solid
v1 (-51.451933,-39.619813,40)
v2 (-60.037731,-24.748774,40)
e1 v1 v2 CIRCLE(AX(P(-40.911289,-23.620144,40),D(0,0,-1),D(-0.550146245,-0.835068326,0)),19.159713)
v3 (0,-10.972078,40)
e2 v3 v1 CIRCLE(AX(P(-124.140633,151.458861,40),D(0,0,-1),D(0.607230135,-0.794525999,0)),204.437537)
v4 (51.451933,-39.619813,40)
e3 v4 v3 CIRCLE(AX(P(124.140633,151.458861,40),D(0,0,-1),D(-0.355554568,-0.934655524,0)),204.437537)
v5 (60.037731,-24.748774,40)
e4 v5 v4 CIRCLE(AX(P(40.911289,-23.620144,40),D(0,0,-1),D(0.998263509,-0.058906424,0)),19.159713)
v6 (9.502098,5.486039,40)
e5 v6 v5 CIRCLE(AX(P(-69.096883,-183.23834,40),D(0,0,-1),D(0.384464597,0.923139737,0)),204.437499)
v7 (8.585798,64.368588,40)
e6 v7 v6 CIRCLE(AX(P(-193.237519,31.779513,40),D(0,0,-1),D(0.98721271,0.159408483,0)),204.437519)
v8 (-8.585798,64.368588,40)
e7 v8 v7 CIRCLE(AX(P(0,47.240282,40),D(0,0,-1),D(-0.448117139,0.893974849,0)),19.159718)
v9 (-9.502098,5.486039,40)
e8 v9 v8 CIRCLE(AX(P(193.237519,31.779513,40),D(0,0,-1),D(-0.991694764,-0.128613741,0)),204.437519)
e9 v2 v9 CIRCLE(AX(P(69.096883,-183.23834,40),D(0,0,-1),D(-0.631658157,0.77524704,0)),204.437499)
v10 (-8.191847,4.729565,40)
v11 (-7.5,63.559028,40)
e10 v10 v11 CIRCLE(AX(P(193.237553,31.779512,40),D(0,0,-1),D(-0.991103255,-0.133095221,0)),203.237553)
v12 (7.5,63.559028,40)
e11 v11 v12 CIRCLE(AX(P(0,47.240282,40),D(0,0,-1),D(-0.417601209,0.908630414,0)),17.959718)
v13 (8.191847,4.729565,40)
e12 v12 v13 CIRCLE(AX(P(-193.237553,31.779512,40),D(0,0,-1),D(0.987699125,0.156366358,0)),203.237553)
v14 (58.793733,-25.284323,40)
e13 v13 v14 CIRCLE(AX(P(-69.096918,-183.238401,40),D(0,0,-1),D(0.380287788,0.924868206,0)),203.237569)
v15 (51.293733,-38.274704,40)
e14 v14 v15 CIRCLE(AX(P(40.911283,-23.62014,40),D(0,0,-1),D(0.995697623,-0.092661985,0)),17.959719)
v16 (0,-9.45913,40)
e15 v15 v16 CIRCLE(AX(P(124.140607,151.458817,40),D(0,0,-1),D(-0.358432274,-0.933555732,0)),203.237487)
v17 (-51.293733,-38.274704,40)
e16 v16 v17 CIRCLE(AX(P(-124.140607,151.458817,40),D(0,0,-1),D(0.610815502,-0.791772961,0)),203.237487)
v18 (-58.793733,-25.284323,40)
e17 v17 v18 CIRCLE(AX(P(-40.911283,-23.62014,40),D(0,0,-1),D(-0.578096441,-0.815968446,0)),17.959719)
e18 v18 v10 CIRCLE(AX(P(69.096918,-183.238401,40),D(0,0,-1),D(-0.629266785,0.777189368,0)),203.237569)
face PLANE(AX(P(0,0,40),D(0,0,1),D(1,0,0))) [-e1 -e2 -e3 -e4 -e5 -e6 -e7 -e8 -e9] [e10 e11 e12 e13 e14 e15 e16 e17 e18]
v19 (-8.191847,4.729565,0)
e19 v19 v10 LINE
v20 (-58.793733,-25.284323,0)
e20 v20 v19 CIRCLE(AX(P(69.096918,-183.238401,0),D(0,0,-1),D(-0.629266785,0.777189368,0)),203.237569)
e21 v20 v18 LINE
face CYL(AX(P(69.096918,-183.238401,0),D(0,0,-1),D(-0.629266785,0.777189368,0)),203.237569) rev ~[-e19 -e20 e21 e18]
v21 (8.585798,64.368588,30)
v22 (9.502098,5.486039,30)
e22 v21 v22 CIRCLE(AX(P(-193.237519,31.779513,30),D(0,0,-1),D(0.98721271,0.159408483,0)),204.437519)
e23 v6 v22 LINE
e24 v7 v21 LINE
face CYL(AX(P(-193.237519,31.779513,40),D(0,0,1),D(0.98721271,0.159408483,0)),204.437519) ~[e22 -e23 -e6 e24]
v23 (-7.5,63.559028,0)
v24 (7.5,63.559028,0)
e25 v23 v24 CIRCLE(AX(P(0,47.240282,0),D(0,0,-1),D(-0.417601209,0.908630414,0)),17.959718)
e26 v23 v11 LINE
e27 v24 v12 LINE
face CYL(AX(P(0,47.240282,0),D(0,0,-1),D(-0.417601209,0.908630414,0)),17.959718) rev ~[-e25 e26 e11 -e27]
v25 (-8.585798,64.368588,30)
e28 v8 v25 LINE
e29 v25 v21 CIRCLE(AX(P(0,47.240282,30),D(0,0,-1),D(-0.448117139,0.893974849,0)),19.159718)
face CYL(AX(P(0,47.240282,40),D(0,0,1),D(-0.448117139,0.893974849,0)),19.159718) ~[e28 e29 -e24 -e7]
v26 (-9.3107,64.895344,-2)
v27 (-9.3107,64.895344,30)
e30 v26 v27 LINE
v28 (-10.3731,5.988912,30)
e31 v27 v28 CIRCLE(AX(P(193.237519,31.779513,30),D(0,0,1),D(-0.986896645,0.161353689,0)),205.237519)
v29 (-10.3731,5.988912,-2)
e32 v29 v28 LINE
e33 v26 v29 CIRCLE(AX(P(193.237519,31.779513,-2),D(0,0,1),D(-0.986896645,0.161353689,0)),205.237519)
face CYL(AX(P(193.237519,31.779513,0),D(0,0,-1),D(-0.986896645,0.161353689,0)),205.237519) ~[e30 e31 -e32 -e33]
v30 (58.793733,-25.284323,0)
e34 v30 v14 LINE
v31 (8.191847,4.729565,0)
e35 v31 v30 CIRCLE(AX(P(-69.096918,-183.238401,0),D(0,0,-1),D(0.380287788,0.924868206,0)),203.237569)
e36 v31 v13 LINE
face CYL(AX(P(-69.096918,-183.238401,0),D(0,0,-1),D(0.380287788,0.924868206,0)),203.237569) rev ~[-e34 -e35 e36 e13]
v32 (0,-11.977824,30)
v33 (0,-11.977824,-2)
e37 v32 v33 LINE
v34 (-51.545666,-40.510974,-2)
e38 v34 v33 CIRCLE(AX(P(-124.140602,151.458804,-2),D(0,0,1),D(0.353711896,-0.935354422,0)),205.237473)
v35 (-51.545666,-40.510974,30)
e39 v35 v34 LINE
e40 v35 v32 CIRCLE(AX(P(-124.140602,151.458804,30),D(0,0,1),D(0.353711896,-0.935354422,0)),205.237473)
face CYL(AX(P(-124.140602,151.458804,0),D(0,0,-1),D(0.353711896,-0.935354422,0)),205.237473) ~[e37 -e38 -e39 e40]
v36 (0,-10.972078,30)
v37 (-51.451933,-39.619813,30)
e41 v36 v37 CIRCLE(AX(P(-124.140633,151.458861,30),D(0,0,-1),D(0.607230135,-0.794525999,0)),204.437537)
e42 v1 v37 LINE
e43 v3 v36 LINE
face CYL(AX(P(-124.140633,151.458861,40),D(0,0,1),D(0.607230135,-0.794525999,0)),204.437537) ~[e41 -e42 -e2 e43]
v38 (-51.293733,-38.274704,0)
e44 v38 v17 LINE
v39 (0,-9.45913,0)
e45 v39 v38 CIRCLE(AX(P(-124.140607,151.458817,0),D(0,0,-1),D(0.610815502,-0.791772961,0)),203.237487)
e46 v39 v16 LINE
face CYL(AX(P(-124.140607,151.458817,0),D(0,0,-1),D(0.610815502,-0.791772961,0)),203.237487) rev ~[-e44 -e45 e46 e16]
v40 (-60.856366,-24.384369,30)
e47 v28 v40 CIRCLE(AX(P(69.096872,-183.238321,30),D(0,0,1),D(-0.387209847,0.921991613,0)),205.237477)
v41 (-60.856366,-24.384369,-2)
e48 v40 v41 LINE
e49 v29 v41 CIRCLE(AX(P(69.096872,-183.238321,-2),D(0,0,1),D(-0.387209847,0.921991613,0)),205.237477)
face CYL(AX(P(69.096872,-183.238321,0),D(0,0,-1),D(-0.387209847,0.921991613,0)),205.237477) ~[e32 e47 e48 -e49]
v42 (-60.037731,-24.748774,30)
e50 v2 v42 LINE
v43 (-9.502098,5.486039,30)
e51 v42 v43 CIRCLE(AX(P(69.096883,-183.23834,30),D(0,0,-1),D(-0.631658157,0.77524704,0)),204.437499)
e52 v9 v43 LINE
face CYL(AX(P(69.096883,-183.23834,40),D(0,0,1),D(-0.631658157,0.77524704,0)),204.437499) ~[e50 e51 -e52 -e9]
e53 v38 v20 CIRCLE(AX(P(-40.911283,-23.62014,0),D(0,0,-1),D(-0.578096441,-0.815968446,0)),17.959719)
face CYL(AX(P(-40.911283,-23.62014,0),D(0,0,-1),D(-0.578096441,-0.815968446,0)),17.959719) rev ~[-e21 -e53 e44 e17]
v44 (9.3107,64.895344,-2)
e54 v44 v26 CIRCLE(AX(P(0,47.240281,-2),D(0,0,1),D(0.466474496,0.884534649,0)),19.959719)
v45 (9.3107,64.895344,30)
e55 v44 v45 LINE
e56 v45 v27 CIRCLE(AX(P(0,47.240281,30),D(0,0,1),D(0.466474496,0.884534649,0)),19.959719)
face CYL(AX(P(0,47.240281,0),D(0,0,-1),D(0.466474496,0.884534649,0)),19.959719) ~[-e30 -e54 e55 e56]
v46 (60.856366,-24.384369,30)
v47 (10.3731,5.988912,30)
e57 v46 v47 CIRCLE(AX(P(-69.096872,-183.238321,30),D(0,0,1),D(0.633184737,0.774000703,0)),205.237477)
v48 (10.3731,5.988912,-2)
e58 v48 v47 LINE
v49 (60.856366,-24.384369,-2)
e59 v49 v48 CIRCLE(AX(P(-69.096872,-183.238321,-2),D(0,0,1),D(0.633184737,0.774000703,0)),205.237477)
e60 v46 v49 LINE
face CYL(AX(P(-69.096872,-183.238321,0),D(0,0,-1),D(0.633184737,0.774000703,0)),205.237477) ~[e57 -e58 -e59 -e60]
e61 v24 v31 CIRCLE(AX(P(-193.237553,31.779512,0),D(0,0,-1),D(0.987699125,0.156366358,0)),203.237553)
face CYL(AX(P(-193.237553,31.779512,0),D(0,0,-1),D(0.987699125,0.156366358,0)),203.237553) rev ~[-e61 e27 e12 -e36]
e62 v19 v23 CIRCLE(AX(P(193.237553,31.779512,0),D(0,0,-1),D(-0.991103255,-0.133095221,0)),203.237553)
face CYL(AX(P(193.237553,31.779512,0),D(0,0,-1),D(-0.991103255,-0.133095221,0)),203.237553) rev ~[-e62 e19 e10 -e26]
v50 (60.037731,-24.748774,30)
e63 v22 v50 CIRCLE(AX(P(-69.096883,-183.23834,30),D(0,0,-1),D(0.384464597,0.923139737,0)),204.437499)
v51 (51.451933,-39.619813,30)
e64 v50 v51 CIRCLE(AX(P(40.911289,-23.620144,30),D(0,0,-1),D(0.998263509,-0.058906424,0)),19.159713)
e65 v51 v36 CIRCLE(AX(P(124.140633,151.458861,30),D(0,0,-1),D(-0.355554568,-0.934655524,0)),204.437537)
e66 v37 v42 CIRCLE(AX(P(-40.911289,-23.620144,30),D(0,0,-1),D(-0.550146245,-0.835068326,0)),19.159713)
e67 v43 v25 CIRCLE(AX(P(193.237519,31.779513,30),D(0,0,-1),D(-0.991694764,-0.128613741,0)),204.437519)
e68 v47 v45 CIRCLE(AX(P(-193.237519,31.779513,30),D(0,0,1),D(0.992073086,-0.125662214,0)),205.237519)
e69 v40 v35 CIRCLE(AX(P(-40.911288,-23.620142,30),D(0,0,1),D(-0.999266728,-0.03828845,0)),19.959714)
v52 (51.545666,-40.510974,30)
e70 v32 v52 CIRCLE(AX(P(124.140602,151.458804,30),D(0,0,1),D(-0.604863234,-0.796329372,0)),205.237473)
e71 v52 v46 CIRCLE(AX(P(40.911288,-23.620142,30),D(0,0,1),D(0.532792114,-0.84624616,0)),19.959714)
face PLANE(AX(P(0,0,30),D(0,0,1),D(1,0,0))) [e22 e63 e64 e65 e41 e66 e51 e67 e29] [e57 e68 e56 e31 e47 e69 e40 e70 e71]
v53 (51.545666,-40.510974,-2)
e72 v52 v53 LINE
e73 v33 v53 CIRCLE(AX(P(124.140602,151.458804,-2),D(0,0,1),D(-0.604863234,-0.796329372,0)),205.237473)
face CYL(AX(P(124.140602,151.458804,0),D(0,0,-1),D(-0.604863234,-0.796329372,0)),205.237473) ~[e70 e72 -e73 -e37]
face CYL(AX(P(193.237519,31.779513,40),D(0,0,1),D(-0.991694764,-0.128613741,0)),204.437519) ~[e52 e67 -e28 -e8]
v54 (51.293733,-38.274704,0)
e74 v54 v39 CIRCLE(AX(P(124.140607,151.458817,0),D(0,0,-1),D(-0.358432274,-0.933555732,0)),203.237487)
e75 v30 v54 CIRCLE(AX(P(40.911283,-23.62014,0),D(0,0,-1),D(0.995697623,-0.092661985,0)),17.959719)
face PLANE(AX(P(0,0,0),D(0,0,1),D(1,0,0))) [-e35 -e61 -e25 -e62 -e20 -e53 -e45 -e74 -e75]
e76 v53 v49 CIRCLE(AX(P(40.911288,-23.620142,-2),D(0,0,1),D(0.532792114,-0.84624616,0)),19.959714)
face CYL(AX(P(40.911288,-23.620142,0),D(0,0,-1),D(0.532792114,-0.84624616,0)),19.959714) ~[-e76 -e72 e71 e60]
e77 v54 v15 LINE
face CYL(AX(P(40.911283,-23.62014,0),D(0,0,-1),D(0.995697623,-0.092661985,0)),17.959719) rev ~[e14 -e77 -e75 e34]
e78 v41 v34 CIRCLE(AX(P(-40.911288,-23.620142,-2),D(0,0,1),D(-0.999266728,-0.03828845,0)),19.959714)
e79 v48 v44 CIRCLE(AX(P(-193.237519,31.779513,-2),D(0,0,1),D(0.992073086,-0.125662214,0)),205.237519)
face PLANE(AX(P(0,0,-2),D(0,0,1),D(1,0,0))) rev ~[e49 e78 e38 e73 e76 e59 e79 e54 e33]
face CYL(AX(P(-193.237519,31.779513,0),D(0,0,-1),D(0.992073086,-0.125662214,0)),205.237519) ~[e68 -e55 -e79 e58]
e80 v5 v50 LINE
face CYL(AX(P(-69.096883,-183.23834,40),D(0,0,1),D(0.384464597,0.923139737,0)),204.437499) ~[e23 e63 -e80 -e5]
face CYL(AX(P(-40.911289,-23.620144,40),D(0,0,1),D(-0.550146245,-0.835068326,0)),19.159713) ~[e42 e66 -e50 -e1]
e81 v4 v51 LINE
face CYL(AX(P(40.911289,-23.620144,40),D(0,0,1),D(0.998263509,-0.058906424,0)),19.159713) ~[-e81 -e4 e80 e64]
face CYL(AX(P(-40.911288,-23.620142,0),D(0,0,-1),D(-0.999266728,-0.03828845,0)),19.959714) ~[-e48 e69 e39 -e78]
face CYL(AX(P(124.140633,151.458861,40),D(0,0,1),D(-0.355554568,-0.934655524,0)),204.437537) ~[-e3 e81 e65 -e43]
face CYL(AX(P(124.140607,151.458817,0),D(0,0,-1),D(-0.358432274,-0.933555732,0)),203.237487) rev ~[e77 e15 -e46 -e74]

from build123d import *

# Parameters (mm, degrees)
F0_R     = 7.5
F1_DEPTH = 2
F2_DEPTH = 40
F4_DEPTH = 10


with BuildPart() as f1:
    # F0 (on Top) → F1 (new body)
    with BuildSketch(Plane.XY):
        with BuildLine():
            ThreePointArc((60.856366, -24.384369), (36.710284, -7.376819), (10.3731, 5.988912))
            ThreePointArc((10.3731, 5.988912), (11.966629, 35.480448), (9.3107, 64.895344))
            ThreePointArc((9.3107, 64.895344), (0, 67.2), (-9.3107, 64.895344))
            ThreePointArc((-9.3107, 64.895344), (-11.966629, 35.480448), (-10.3731, 5.988912))
            ThreePointArc((-10.3731, 5.988912), (-36.710284, -7.376819), (-60.856366, -24.384369))
            ThreePointArc((-60.856366, -24.384369), (-58.196907, -33.6), (-51.545666, -40.510974))
            ThreePointArc((-51.545666, -40.510974), (-24.743655, -28.103629), (0, -11.977824))
            ThreePointArc((0, -11.977824), (24.743655, -28.103629), (51.545666, -40.510974))
            ThreePointArc((51.545666, -40.510974), (58.196907, -33.6), (60.856366, -24.384369))
        make_face()
        with BuildLine():
            ThreePointArc((-7.5, 63.559028), (0, 65.2), (7.5, 63.559028))
            ThreePointArc((7.5, 63.559028), (9.985947, 34.169463), (8.191847, 4.729565))
            ThreePointArc((8.191847, 4.729565), (34.584597, -8.436648), (58.793733, -25.284323))
            ThreePointArc((58.793733, -25.284323), (56.464856, -32.6), (51.293733, -38.274704))
            ThreePointArc((51.293733, -38.274704), (24.59865, -25.732816), (0, -9.45913))
            ThreePointArc((0, -9.45913), (-24.59865, -25.732816), (-51.293733, -38.274704))
            ThreePointArc((-51.293733, -38.274704), (-56.464856, -32.6), (-58.793733, -25.284323))
            ThreePointArc((-58.793733, -25.284323), (-34.584597, -8.436648), (-8.191847, 4.729565))
            ThreePointArc((-8.191847, 4.729565), (-9.985947, 34.169463), (-7.5, 63.559028))
        make_face(mode=Mode.SUBTRACT)
        with BuildLine():
            ThreePointArc((8.191847, 4.729565), (9.985947, 34.169463), (7.5, 63.559028))
            ThreePointArc((7.5, 63.559028), (0, 65.2), (-7.5, 63.559028))
            ThreePointArc((-7.5, 63.559028), (-9.985947, 34.169463), (-8.191847, 4.729565))
            ThreePointArc((-8.191847, 4.729565), (-34.584597, -8.436648), (-58.793733, -25.284323))
            ThreePointArc((-58.793733, -25.284323), (-56.464856, -32.6), (-51.293733, -38.274704))
            ThreePointArc((-51.293733, -38.274704), (-24.59865, -25.732816), (0, -9.45913))
            ThreePointArc((0, -9.45913), (24.59865, -25.732816), (51.293733, -38.274704))
            ThreePointArc((51.293733, -38.274704), (56.464856, -32.6), (58.793733, -25.284323))
            ThreePointArc((58.793733, -25.284323), (34.584597, -8.436648), (8.191847, 4.729565))
        make_face()
        Circle(F0_R, mode=Mode.SUBTRACT)
        Circle(F0_R)
    extrude(amount=-F1_DEPTH)

    # F0 (on Top) → F2 (join)
    with BuildSketch(Plane.XY):
        with BuildLine():
            ThreePointArc((60.856366, -24.384369), (36.710284, -7.376819), (10.3731, 5.988912))
            ThreePointArc((10.3731, 5.988912), (11.966629, 35.480448), (9.3107, 64.895344))
            ThreePointArc((9.3107, 64.895344), (0, 67.2), (-9.3107, 64.895344))
            ThreePointArc((-9.3107, 64.895344), (-11.966629, 35.480448), (-10.3731, 5.988912))
            ThreePointArc((-10.3731, 5.988912), (-36.710284, -7.376819), (-60.856366, -24.384369))
            ThreePointArc((-60.856366, -24.384369), (-58.196907, -33.6), (-51.545666, -40.510974))
            ThreePointArc((-51.545666, -40.510974), (-24.743655, -28.103629), (0, -11.977824))
            ThreePointArc((0, -11.977824), (24.743655, -28.103629), (51.545666, -40.510974))
            ThreePointArc((51.545666, -40.510974), (58.196907, -33.6), (60.856366, -24.384369))
        make_face()
        with BuildLine():
            ThreePointArc((-7.5, 63.559028), (0, 65.2), (7.5, 63.559028))
            ThreePointArc((7.5, 63.559028), (9.985947, 34.169463), (8.191847, 4.729565))
            ThreePointArc((8.191847, 4.729565), (34.584597, -8.436648), (58.793733, -25.284323))
            ThreePointArc((58.793733, -25.284323), (56.464856, -32.6), (51.293733, -38.274704))
            ThreePointArc((51.293733, -38.274704), (24.59865, -25.732816), (0, -9.45913))
            ThreePointArc((0, -9.45913), (-24.59865, -25.732816), (-51.293733, -38.274704))
            ThreePointArc((-51.293733, -38.274704), (-56.464856, -32.6), (-58.793733, -25.284323))
            ThreePointArc((-58.793733, -25.284323), (-34.584597, -8.436648), (-8.191847, 4.729565))
            ThreePointArc((-8.191847, 4.729565), (-9.985947, 34.169463), (-7.5, 63.559028))
        make_face(mode=Mode.SUBTRACT)
    extrude(amount=F2_DEPTH)

    # F3 (on face) → F4 (cut)
    with BuildSketch(Plane.XY.offset(40)):
        with BuildLine():
            ThreePointArc((-51.545666, -40.510974), (-24.743655, -28.103629), (0, -11.977824))
            ThreePointArc((0, -11.977824), (24.743655, -28.103629), (51.545666, -40.510974))
            ThreePointArc((51.545666, -40.510974), (58.196907, -33.6), (60.856366, -24.384369))
            ThreePointArc((60.856366, -24.384369), (36.710284, -7.376819), (10.3731, 5.988912))
            ThreePointArc((10.3731, 5.988912), (11.966629, 35.480448), (9.3107, 64.895344))
            ThreePointArc((9.3107, 64.895344), (0, 67.2), (-9.3107, 64.895344))
            ThreePointArc((-9.3107, 64.895344), (-11.966629, 35.480448), (-10.3731, 5.988912))
            ThreePointArc((-10.3731, 5.988912), (-36.710284, -7.376819), (-60.856366, -24.384369))
            ThreePointArc((-60.856366, -24.384369), (-58.196907, -33.6), (-51.545666, -40.510974))
        make_face()
        with BuildLine():
            ThreePointArc((51.451933, -39.619813), (24.689038, -27.158291), (0, -10.972078))
            ThreePointArc((0, -10.972078), (-24.689038, -27.158291), (-51.451933, -39.619813))
            ThreePointArc((-51.451933, -39.619813), (-57.504087, -33.2), (-60.037731, -24.748774))
            ThreePointArc((-60.037731, -24.748774), (-35.864289, -7.802188), (-9.502098, 5.486039))
            ThreePointArc((-9.502098, 5.486039), (-11.175251, 34.960479), (-8.585798, 64.368588))
            ThreePointArc((-8.585798, 64.368588), (0, 66.4), (8.585798, 64.368588))
            ThreePointArc((8.585798, 64.368588), (11.175251, 34.960479), (9.502098, 5.486039))
            ThreePointArc((9.502098, 5.486039), (35.864289, -7.802188), (60.037731, -24.748774))
            ThreePointArc((60.037731, -24.748774), (57.504087, -33.2), (51.451933, -39.619813))
        make_face(mode=Mode.SUBTRACT)
    extrude(amount=-F4_DEPTH, mode=Mode.SUBTRACT)


solid = f1.part
